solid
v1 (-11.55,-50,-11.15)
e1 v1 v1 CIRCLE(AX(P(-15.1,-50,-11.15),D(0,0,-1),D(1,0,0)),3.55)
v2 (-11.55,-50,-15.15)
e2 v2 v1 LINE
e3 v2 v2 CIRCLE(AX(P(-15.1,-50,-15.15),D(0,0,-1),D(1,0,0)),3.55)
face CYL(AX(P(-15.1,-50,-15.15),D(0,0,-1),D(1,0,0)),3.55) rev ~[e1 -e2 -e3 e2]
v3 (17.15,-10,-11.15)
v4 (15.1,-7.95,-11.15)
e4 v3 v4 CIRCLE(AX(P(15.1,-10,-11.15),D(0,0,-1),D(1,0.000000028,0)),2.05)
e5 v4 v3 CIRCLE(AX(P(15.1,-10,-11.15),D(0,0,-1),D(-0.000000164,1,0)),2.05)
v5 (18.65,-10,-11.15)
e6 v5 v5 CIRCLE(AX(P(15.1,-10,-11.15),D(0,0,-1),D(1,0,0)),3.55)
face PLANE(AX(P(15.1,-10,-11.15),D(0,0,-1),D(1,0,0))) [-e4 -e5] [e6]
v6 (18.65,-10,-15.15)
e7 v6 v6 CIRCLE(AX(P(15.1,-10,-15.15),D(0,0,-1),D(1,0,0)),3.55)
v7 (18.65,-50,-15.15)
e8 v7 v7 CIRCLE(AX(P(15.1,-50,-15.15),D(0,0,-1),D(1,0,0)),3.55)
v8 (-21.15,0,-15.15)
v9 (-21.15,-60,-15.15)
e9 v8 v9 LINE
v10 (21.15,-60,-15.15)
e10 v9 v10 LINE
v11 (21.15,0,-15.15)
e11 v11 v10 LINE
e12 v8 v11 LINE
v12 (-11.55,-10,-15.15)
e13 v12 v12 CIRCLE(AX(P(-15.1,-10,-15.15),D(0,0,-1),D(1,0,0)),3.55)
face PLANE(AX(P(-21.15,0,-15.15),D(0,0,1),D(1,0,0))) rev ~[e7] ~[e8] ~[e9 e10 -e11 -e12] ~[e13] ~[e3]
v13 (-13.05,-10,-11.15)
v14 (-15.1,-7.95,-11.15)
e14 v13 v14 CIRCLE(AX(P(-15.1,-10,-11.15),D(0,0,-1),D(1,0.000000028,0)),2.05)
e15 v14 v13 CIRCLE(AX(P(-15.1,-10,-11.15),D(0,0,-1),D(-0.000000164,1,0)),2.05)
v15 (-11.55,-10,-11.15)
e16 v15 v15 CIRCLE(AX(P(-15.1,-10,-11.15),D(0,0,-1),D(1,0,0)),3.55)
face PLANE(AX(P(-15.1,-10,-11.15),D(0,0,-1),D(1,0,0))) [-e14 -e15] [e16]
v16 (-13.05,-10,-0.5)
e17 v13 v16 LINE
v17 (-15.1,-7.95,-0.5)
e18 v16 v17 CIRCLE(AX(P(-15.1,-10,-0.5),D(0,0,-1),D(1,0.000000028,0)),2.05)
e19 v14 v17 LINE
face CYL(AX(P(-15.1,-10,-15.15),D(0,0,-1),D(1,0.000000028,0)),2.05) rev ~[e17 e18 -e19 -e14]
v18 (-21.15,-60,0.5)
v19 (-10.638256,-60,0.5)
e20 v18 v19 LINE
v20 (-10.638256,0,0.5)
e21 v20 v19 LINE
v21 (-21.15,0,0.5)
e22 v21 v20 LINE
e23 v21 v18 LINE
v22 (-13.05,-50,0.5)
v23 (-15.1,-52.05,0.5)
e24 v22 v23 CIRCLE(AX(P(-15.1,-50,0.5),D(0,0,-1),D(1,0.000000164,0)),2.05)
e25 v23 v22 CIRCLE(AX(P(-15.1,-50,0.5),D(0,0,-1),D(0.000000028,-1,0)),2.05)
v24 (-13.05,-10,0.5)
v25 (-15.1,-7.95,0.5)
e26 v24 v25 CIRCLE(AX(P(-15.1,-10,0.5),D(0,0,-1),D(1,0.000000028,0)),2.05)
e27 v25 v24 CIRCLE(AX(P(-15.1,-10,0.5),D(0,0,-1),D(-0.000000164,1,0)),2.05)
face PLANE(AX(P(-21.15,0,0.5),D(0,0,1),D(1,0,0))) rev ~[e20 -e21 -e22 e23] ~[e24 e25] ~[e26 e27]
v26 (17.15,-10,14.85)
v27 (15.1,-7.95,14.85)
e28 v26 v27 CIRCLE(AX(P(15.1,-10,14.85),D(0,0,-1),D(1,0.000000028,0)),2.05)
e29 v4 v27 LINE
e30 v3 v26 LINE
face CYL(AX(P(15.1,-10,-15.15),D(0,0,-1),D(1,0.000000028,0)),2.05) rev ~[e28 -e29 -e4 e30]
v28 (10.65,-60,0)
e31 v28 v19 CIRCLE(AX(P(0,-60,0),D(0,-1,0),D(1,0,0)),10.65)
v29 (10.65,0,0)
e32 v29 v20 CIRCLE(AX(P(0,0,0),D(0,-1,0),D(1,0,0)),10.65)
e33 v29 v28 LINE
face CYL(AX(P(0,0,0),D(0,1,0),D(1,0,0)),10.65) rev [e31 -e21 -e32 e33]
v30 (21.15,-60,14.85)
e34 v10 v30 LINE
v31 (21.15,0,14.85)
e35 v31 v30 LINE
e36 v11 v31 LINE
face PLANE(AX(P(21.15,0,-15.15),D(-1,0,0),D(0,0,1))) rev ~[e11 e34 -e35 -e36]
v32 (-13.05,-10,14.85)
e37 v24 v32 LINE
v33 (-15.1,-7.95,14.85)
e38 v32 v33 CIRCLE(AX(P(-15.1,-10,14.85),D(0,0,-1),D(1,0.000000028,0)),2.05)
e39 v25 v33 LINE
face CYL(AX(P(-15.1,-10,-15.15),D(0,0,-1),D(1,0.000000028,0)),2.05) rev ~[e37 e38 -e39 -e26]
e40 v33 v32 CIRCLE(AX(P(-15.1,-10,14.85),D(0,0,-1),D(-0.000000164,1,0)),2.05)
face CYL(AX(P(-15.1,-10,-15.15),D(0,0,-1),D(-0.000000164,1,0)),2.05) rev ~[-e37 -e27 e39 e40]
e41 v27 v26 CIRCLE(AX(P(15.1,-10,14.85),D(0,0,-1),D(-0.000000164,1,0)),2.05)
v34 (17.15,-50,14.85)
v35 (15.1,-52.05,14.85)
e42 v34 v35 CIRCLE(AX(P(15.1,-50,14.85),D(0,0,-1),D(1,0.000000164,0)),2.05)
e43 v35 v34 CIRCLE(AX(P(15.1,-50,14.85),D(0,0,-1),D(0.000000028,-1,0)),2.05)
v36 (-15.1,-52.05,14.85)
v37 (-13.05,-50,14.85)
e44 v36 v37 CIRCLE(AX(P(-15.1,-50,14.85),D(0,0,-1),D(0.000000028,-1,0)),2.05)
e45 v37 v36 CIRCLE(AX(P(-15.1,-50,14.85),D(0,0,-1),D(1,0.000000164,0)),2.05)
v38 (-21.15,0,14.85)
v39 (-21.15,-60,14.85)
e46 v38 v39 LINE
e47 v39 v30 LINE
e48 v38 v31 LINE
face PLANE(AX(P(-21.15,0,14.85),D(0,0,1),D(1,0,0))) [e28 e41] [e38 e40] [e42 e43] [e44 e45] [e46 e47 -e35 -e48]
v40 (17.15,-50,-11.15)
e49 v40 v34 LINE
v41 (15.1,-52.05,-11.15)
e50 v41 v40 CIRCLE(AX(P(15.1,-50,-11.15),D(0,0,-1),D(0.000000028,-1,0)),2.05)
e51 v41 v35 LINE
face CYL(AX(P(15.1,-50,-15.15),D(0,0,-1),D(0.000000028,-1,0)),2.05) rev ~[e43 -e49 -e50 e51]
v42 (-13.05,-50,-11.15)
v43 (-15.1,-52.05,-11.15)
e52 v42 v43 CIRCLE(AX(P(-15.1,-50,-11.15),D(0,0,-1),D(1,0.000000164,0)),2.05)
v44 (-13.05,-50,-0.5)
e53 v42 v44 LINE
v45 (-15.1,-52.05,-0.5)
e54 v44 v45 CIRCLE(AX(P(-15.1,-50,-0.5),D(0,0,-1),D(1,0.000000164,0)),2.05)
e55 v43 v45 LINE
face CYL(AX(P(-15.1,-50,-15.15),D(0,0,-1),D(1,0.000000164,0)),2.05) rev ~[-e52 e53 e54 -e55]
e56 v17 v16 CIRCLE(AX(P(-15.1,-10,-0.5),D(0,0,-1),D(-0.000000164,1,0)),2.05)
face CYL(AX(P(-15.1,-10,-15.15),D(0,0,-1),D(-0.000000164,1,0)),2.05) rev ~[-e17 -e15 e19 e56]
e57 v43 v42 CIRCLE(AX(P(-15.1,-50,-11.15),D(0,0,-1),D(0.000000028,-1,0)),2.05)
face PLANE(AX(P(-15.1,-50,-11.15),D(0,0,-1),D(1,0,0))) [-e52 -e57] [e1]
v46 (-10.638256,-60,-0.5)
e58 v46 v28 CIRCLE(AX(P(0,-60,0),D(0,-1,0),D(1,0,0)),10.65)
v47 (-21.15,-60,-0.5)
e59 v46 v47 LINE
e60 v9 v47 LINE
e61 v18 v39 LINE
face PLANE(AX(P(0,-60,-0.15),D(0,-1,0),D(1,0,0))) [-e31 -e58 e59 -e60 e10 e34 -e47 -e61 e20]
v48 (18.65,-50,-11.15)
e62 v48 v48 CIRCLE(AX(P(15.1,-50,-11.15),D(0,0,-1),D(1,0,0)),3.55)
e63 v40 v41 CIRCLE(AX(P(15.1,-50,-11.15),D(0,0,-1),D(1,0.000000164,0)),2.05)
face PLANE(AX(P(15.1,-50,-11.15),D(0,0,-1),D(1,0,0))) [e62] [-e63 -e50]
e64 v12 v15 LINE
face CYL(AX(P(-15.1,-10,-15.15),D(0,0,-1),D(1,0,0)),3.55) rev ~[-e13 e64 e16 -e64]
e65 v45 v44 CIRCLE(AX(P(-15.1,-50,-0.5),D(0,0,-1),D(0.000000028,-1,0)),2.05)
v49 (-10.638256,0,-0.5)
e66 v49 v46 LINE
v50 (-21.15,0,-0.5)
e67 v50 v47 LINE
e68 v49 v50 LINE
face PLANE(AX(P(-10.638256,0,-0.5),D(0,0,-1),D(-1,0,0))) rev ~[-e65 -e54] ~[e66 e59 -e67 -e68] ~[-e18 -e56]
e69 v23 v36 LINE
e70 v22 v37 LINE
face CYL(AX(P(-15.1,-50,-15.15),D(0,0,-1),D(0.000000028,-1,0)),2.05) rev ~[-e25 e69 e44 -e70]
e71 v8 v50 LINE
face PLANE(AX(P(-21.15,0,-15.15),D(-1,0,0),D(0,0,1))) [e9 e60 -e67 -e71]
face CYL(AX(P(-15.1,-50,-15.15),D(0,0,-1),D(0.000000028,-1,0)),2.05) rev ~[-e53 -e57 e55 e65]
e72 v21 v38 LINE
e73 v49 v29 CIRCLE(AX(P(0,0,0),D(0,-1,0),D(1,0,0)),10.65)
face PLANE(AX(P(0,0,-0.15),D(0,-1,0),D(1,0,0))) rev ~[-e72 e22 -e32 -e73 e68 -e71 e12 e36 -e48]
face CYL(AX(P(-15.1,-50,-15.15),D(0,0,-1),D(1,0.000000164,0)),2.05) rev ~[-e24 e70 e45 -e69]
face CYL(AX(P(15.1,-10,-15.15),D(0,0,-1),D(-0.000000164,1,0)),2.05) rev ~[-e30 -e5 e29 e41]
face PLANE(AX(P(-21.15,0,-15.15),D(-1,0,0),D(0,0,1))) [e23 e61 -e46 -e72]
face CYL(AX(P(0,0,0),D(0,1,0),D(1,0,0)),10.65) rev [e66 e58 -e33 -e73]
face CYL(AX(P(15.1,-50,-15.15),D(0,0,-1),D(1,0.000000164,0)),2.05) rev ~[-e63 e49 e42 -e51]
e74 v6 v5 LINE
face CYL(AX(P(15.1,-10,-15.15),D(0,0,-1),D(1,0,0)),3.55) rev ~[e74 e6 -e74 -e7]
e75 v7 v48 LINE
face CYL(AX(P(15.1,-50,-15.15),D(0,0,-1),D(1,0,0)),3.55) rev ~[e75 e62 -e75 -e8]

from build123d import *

# Parameters (mm, degrees)
F0_W     = 42.3
F0_H     = 30
F0_R     = 10.65
F1_DEPTH = 60
F3_DEPTH = 30
F4_R     = 3.55
F5_DEPTH = 4
F7_DEPTH = 60


with BuildPart() as f1:
    # F0 (on Front) → F1 (new body)
    with BuildSketch(Plane.XZ):
        with Locations((0, -0.15)):
            Rectangle(F0_W, F0_H)
        Circle(F0_R, mode=Mode.SUBTRACT)
    extrude(amount=F1_DEPTH)

    # F2 (on face) → F3 (cut)
    with BuildSketch(Plane(origin=(0, 0, -15.15), x_dir=(1, 0, 0), z_dir=(0, 0, -1))):
        with BuildLine():
            ThreePointArc((-15.1, 52.05), (-16.549569, 48.550431), (-13.05, 50))
            ThreePointArc((-13.05, 50), (-13.650431, 51.449569), (-15.1, 52.05))
        make_face()
        with BuildLine():
            ThreePointArc((15.1, 52.05), (13.650431, 48.550431), (17.15, 50))
            ThreePointArc((17.15, 50), (16.549569, 51.449569), (15.1, 52.05))
        make_face()
        with BuildLine():
            ThreePointArc((-15.1, 7.95), (-13.650431, 8.550431), (-13.05, 10))
            ThreePointArc((-13.05, 10), (-16.549569, 11.449569), (-15.1, 7.95))
        make_face()
        with BuildLine():
            ThreePointArc((15.1, 7.95), (16.549569, 8.550431), (17.15, 10))
            ThreePointArc((17.15, 10), (13.650431, 11.449569), (15.1, 7.95))
        make_face()
    extrude(amount=-F3_DEPTH, mode=Mode.SUBTRACT)

    # F4 (on face) → F5 (cut)
    with BuildSketch(Plane(origin=(0, 0, -15.15), x_dir=(1, 0, 0), z_dir=(0, 0, -1))):
        with Locations((-15.1, 50)):
            Circle(F4_R)
        with Locations((15.1, 50)):
            Circle(F4_R)
        with Locations((-15.1, 10)):
            Circle(F4_R)
        with Locations((15.1, 10)):
            Circle(F4_R)
    extrude(amount=-F5_DEPTH, mode=Mode.SUBTRACT)

    # F6 (on face) → F7 (cut)
    with BuildSketch(Plane(origin=(0, 0, 0), x_dir=(-1, 0, 0), z_dir=(0, 1, 0))):
        with BuildLine():
            Line((21.15, -0.5), (21.15, 0))
            Line((21.15, 0), (10.65, 0))
            ThreePointArc((10.65, 0), (10.647064, -0.250069), (10.638256, -0.5))
            Line((10.638256, -0.5), (21.15, -0.5))
        make_face()
        with BuildLine():
            Line((10.65, 0), (21.15, 0))
            Line((21.15, 0), (21.15, 0.5))
            Line((21.15, 0.5), (10.638256, 0.5))
            ThreePointArc((10.638256, 0.5), (10.647064, 0.250069), (10.65, 0))
        make_face()
    extrude(amount=-F7_DEPTH, mode=Mode.SUBTRACT)


solid = f1.part
